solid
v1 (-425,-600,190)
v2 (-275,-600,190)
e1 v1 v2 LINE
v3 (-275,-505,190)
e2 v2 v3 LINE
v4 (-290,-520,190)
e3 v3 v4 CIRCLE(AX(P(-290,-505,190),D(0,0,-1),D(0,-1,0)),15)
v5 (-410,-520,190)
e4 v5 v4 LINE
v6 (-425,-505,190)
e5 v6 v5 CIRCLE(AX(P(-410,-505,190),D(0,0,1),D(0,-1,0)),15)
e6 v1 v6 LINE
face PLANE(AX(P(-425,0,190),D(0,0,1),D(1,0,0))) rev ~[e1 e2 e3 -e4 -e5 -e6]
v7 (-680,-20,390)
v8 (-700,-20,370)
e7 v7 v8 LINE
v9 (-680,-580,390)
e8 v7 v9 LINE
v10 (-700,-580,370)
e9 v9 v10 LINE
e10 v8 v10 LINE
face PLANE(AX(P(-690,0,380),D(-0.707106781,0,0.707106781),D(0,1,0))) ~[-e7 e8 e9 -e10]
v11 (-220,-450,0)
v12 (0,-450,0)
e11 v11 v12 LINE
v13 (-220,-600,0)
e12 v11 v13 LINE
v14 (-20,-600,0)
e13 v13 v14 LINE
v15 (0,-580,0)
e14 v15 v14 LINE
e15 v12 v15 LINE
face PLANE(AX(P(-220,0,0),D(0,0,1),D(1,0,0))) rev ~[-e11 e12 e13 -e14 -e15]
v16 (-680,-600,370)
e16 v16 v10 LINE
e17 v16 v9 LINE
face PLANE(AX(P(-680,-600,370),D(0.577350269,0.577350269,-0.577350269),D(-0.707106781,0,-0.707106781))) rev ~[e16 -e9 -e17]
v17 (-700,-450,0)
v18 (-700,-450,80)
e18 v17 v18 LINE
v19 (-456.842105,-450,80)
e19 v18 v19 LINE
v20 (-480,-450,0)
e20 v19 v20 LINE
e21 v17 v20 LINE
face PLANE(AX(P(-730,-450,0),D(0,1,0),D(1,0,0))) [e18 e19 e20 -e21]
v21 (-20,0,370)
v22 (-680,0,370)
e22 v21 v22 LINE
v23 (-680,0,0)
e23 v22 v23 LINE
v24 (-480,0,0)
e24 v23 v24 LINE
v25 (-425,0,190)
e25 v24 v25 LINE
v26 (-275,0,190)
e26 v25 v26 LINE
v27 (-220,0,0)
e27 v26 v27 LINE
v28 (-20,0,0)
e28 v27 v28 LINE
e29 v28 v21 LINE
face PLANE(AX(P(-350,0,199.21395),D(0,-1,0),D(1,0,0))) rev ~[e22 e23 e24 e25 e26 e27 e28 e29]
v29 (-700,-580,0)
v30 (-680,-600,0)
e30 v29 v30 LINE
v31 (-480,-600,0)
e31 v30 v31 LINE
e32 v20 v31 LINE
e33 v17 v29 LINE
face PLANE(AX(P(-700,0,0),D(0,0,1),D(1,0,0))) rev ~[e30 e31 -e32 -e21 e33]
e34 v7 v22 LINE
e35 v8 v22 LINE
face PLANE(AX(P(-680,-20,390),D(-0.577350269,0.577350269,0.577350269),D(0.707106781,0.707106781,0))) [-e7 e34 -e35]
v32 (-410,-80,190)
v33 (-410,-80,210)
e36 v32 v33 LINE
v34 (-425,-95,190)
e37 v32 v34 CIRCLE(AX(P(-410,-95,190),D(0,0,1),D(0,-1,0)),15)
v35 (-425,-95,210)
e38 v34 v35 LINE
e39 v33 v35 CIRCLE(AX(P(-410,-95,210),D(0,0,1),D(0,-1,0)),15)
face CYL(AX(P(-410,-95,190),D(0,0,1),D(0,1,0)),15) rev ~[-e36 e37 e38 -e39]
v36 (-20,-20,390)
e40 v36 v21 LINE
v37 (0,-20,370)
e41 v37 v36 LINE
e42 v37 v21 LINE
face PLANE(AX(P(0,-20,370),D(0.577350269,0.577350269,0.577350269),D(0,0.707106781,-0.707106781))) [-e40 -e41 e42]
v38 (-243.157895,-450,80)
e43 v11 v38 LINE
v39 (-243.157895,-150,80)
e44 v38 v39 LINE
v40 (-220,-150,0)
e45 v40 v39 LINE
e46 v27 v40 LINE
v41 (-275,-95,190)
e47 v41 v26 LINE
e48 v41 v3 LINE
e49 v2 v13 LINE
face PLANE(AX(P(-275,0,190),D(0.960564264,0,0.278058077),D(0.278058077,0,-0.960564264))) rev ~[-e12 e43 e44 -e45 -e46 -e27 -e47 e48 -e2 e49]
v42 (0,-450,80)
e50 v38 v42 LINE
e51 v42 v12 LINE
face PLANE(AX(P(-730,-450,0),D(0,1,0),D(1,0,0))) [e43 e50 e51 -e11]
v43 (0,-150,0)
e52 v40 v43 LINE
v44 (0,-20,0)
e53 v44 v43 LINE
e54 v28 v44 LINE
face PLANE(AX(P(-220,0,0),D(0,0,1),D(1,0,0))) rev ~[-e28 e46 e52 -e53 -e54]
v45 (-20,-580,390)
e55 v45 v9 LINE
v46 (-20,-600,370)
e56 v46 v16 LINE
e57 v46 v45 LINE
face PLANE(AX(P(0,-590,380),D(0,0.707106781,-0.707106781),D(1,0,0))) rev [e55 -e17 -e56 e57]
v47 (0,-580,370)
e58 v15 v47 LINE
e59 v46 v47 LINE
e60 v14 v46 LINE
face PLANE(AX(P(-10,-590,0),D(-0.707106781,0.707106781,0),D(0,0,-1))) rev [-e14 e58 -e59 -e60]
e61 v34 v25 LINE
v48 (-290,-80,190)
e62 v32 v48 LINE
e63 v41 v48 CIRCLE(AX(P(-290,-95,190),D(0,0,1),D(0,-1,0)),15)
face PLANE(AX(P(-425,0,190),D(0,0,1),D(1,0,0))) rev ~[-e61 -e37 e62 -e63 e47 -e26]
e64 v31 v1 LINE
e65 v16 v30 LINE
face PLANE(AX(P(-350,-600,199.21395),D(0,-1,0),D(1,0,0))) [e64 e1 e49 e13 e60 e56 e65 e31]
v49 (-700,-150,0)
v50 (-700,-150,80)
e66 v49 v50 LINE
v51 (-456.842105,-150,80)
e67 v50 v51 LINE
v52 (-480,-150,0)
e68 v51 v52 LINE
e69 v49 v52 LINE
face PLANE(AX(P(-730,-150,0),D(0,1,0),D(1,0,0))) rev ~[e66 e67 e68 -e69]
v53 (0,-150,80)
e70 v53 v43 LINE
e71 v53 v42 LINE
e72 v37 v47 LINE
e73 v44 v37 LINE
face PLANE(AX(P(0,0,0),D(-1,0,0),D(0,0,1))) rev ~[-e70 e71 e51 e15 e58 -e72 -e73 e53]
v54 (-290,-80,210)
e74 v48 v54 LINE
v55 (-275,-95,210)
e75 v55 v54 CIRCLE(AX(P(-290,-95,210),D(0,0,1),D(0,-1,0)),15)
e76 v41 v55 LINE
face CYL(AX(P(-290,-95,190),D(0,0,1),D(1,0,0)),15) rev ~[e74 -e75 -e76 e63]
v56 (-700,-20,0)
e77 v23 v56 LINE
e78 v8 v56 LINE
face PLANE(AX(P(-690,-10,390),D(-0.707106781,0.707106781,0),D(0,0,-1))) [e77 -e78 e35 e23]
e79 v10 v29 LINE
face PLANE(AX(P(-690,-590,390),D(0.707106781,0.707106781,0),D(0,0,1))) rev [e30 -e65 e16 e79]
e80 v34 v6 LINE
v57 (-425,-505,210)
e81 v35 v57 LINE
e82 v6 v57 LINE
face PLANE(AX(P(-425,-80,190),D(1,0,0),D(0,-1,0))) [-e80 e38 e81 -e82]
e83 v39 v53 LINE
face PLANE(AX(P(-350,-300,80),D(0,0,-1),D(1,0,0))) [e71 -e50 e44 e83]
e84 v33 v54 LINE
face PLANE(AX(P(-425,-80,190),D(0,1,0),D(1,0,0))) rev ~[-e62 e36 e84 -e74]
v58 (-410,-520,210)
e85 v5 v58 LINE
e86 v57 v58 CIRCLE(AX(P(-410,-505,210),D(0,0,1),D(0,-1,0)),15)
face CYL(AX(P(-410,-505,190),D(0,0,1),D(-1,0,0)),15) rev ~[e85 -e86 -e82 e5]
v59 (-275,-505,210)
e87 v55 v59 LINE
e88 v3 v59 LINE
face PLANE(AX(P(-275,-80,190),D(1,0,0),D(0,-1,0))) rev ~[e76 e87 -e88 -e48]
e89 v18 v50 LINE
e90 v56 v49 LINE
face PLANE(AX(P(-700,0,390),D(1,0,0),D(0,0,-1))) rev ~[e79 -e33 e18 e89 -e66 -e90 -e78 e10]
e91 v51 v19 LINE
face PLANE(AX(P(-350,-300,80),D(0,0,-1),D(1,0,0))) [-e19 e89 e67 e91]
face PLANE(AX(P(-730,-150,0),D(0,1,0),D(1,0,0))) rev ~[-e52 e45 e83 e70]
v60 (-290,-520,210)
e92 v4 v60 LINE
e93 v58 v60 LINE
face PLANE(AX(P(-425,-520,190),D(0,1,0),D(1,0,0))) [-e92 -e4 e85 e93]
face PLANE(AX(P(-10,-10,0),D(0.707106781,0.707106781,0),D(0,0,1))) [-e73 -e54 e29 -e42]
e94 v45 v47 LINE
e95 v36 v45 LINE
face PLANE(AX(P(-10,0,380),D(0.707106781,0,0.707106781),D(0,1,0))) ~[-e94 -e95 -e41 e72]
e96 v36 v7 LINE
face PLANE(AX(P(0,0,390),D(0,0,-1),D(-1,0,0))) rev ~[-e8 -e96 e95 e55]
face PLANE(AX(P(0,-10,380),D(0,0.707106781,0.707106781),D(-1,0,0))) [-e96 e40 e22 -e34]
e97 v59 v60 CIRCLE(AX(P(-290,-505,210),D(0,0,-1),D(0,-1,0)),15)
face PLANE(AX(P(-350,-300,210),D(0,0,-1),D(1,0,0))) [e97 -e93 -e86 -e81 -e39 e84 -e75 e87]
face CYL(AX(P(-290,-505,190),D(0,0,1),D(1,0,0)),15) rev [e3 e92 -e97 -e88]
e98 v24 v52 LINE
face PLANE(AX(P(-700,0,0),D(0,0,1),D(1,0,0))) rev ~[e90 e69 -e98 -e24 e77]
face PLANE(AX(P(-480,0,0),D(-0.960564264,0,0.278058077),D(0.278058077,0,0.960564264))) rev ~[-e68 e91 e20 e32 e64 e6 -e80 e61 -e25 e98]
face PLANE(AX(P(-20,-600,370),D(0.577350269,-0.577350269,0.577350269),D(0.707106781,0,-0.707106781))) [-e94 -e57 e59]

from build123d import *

# Parameters (mm, degrees)
F1_DEPTH = 600
F2_W     = 760
F2_H     = 300
F3_DEPTH = 80
F4_W     = 150
F4_H     = 440
F5_DEPTH = 20
F6_SIZE  = 20
F7_R     = 15


with BuildPart() as f1:
    # F0 (on Front) → F1 (new body)
    with BuildSketch(Plane.XZ):
        Polygon((-220, 0), (0, 0), (0, 390), (-700, 390), (-700, 0), (-480, 0), (-425, 190), (-275, 190), align=None)
    extrude(amount=F1_DEPTH)

    # F2 (on face) → F3 (cut)
    with BuildSketch(Plane(origin=(0, 0, 0), x_dir=(1, 0, 0), z_dir=(0, 0, -1))):
        with Locations((-350, 300)):
            Rectangle(F2_W, F2_H)
    extrude(amount=-F3_DEPTH, mode=Mode.SUBTRACT)

    # F4 (on face) → F5 (cut)
    with BuildSketch(Plane(origin=(0, 0, 190), x_dir=(1, 0, 0), z_dir=(0, 0, -1))):
        with Locations((-350, 300)):
            Rectangle(F4_W, F4_H)
    extrude(amount=-F5_DEPTH, mode=Mode.SUBTRACT)

    # F6
    f6_edges = [f1.edges().sort_by_distance(p)[0] for p in [
        (-700, 0, 195),
        (-700, -300, 390),
        (-350, 0, 390),
        (0, -300, 390),
        (-350, -600, 390),
        (-700, -600, 195),
        (0, -600, 195),
        (0, 0, 195),
    ]]
    chamfer(f6_edges, length=F6_SIZE)

    # F7
    f7_edges = [f1.edges().sort_by_distance(p)[0] for p in [
        (-275, -520, 200),
        (-425, -520, 200),
        (-425, -80, 200),
        (-275, -80, 200),
    ]]
    fillet(f7_edges, radius=F7_R)


solid = f1.part
